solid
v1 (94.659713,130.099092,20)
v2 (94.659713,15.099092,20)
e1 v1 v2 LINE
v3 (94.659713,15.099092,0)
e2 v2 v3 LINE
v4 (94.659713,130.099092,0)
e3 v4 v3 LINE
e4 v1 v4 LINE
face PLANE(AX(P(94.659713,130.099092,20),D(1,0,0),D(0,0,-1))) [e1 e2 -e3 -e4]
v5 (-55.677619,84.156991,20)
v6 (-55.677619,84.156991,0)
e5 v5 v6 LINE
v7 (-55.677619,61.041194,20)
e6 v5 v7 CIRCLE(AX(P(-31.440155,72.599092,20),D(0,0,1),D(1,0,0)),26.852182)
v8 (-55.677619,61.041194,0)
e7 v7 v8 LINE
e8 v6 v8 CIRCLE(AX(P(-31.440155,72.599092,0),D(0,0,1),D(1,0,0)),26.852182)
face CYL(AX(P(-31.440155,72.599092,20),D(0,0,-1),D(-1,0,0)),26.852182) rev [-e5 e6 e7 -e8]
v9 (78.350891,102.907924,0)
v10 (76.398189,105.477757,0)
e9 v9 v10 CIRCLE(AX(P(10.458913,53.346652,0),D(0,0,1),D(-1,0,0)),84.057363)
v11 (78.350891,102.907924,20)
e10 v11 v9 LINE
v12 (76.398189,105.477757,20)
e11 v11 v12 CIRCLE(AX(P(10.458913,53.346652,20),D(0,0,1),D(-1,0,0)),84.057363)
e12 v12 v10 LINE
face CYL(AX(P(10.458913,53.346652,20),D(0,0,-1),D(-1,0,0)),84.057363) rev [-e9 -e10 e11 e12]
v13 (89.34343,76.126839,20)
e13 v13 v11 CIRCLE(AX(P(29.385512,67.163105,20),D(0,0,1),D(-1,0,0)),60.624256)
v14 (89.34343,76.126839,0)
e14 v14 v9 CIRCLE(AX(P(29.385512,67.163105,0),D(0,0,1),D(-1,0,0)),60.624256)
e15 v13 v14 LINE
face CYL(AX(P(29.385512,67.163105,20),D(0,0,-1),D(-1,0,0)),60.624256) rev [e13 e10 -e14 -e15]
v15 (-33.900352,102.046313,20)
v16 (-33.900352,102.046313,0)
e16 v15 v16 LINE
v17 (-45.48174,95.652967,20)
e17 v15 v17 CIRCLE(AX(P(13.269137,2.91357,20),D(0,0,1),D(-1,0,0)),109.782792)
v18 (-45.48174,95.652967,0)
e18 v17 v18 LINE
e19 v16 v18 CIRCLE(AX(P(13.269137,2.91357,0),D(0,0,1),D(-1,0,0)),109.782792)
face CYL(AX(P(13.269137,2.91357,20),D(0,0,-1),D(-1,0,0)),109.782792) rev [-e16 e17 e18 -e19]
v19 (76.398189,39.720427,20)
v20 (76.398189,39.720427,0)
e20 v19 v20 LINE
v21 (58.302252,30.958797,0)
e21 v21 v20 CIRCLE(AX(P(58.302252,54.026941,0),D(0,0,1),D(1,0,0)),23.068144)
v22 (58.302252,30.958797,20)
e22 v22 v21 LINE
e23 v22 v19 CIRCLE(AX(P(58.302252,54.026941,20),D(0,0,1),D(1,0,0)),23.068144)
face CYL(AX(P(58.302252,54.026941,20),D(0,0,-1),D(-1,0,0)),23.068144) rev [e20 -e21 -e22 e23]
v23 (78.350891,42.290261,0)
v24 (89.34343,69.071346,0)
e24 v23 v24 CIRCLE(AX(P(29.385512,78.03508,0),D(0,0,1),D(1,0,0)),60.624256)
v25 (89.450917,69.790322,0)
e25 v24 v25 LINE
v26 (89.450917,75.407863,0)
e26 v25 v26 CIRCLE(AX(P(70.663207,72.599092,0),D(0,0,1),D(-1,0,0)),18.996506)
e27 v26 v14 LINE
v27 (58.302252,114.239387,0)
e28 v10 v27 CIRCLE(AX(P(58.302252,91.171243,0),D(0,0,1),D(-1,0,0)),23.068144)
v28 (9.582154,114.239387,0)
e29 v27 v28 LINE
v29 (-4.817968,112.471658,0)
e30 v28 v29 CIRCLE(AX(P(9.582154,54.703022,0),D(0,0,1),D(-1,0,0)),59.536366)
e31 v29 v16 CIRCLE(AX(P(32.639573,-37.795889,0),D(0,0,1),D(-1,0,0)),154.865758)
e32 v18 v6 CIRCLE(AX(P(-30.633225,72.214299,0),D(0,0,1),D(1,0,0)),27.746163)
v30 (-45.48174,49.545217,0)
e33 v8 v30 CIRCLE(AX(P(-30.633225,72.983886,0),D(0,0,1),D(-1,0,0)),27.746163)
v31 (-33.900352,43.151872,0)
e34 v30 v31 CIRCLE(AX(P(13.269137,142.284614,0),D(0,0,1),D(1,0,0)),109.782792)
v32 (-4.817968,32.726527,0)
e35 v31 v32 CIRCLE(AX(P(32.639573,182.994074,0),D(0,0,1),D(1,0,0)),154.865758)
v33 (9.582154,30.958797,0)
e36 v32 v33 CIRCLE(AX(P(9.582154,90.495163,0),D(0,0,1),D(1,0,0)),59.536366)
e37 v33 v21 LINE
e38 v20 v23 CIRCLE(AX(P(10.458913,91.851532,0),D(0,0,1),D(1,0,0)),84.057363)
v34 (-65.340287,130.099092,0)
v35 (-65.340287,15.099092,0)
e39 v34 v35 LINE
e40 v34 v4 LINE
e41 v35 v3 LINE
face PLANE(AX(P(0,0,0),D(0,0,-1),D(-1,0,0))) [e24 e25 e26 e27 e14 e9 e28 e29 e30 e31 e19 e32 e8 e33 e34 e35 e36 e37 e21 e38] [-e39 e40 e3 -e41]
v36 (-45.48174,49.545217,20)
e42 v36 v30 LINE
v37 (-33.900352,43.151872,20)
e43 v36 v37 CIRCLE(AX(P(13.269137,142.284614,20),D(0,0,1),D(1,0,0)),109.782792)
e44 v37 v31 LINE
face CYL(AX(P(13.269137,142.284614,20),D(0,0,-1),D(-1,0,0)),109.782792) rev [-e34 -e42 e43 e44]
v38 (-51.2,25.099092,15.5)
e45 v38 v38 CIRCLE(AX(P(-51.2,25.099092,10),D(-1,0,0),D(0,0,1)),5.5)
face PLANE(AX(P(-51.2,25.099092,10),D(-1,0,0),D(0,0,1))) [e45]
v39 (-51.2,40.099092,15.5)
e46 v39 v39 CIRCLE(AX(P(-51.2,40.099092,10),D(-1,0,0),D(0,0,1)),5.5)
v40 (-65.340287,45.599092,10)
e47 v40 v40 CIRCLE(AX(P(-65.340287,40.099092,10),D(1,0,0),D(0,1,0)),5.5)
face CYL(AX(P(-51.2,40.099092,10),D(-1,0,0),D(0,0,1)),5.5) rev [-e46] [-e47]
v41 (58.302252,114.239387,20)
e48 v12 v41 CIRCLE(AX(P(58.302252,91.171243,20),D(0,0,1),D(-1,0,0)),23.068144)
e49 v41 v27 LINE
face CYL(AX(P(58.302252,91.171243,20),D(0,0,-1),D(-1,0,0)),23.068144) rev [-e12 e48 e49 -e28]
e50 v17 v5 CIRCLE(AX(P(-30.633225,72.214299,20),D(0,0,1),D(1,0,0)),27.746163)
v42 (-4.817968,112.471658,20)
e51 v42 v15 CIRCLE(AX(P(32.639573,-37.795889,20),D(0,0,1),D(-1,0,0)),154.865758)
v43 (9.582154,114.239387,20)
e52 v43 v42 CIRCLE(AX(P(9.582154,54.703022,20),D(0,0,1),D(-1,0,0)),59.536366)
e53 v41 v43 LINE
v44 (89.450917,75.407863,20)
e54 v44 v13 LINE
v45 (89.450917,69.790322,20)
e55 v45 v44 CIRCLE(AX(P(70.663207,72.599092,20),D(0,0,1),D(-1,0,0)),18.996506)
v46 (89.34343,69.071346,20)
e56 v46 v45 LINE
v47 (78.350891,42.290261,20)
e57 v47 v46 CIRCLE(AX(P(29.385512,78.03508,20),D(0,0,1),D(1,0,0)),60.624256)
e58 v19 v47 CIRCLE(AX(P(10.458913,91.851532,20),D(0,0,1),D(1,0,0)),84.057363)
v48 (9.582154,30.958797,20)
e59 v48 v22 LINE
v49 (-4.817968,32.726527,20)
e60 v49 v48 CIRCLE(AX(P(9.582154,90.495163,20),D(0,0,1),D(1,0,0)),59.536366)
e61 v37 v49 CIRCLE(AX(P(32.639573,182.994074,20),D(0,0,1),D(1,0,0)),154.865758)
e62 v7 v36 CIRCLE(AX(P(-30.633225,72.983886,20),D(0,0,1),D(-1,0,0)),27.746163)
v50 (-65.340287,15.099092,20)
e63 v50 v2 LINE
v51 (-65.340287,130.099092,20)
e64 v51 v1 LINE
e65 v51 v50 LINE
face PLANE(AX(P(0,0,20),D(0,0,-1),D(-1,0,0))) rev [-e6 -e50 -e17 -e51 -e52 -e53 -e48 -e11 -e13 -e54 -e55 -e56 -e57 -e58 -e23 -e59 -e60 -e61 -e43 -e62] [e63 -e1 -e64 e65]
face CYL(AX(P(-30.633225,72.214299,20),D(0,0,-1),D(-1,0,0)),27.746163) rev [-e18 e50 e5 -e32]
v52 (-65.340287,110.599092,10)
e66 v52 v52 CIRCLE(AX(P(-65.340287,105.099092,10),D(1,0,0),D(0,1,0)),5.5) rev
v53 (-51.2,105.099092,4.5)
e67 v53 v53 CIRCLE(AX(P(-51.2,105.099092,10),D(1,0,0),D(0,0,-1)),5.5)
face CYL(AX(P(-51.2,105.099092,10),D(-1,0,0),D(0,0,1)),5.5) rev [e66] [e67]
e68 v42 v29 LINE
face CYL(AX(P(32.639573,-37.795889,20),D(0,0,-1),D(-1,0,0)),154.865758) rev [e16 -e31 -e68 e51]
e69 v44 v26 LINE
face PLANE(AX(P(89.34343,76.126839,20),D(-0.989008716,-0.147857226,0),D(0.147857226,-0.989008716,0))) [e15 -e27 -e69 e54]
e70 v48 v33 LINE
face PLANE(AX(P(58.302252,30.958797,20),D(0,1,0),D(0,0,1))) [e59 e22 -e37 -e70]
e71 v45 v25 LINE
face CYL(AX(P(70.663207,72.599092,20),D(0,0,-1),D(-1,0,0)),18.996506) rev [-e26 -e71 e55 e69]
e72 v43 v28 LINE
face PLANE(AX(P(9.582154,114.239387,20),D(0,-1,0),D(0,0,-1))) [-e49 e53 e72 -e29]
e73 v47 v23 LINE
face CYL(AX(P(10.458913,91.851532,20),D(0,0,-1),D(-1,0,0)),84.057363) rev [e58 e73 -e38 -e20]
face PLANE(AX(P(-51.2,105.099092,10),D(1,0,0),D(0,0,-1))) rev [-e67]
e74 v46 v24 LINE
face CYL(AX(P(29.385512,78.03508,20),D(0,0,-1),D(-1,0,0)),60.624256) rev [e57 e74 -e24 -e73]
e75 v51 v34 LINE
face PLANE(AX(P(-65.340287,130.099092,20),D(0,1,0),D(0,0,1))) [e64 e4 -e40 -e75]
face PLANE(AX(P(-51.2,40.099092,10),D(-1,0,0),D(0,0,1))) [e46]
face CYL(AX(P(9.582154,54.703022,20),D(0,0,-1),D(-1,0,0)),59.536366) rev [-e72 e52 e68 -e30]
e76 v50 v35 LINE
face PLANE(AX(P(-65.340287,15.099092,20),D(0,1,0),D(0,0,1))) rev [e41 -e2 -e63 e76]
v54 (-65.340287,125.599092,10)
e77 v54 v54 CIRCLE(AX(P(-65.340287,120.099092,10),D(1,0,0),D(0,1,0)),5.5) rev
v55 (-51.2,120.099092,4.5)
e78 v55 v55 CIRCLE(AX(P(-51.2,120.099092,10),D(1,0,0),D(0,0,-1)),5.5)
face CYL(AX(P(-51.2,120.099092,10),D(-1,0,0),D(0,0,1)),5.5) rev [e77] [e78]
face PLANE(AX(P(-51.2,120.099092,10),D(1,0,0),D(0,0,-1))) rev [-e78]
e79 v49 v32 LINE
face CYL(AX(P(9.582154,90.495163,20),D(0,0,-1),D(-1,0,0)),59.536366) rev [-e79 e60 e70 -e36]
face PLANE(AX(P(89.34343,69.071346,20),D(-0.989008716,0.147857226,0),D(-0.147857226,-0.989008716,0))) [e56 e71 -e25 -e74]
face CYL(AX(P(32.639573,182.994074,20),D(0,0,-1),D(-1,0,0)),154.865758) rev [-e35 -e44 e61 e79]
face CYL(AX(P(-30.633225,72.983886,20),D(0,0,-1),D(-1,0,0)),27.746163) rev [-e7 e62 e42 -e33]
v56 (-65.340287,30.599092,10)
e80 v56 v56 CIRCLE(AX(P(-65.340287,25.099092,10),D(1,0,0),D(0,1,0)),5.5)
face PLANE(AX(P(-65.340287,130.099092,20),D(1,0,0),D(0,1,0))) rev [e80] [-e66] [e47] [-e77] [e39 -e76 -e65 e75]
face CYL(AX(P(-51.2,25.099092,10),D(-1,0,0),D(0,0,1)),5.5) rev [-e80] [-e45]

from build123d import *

# Parameters (mm, degrees)
SKETCH_4_W          = 160
SKETCH_4_H          = 115
EXTRUDE_1_DEPTH     = 20
CUT_EXTRUDE_1_DEPTH = 20
SKETCH_16_R         = 5.5
CUT_EXTRUDE_2_DEPTH = 15


with BuildPart() as part:
    # 草圖4 → 填料-伸長1 (new body)
    with BuildSketch(Plane.XY):
        with Locations((14.659712787, 72.59909222)):
            Rectangle(SKETCH_4_W, SKETCH_4_H)
    extrude(amount=EXTRUDE_1_DEPTH)

    # 草圖2 → 除料-伸長1 (cut)
    with BuildSketch(Plane.XY):
        with BuildLine():
            Line((9.582154386, 114.239387395), (32.639572719, 114.239387395))
            Line((32.639572719, 114.239387395), (35.911975242, 114.239387395))
            Line((35.911975242, 114.239387395), (58.302252446, 114.239387395))
            ThreePointArc((58.302252446, 114.239387395), (68.354977159, 111.933757574), (76.3981894, 105.477757274))
            ThreePointArc((76.3981894, 105.477757274), (77.386875553, 104.202213525), (78.350890948, 102.907923572))
            ThreePointArc((78.350890948, 102.907923572), (85.469179447, 90.183153699), (89.343429579, 76.126838912))
            Line((89.343429579, 76.126838912), (89.450916797, 75.407862922))
            ThreePointArc((89.450916797, 75.407862922), (89.659712787, 72.59909222), (89.450916797, 69.790321519))
            Line((89.450916797, 69.790321519), (89.343429579, 69.071345528))
            ThreePointArc((89.343429579, 69.071345528), (85.469179447, 55.015030741), (78.350890948, 42.290260868))
            ThreePointArc((78.350890948, 42.290260868), (77.386875553, 40.995970915), (76.3981894, 39.720427166))
            ThreePointArc((76.3981894, 39.720427166), (68.354977159, 33.264426866), (58.302252446, 30.958797045))
            Line((58.302252446, 30.958797045), (35.911975242, 30.958797045))
            Line((35.911975242, 30.958797045), (32.639572719, 30.958797045))
            Line((32.639572719, 30.958797045), (9.582154386, 30.958797045))
            ThreePointArc((9.582154386, 30.958797045), (2.328045496, 31.402381927), (-4.817967678, 32.726526576))
            ThreePointArc((-4.817967678, 32.726526576), (-19.619782039, 37.212171907), (-33.900352311, 43.151871824))
            ThreePointArc((-33.900352311, 43.151871824), (-39.787433986, 46.173940455), (-45.481740166, 49.545217155))
            ThreePointArc((-45.481740166, 49.545217155), (-51.391366265, 54.573313812), (-55.677619443, 61.041193705))
            ThreePointArc((-55.677619443, 61.041193705), (-58.292337425, 72.59909222), (-55.677619443, 84.156990735))
            ThreePointArc((-55.677619443, 84.156990735), (-51.391366265, 90.624870628), (-45.481740166, 95.652967285))
            ThreePointArc((-45.481740166, 95.652967285), (-39.787433986, 99.024243985), (-33.900352311, 102.046312617))
            ThreePointArc((-33.900352311, 102.046312617), (-19.619782039, 107.986012534), (-4.817967678, 112.471657865))
            ThreePointArc((-4.817967678, 112.471657865), (2.328045496, 113.795802514), (9.582154386, 114.239387395))
        make_face()
    extrude(amount=CUT_EXTRUDE_1_DEPTH, mode=Mode.SUBTRACT)

    # 草圖16 → 除料-伸長2 (cut)
    with BuildSketch(Plane(origin=(-66.2, 0, 0), x_dir=(0, 0, -1), z_dir=(1, 0, 0))):
        with Locations((-10, 120.09909222)):
            Circle(SKETCH_16_R)
        with Locations((-10, 105.09909222)):
            Circle(SKETCH_16_R)
        with Locations((-10, 40.09909222)):
            Circle(SKETCH_16_R)
        with Locations((-10, 25.09909222)):
            Circle(SKETCH_16_R)
    extrude(amount=CUT_EXTRUDE_2_DEPTH, mode=Mode.SUBTRACT)


solid = part.part
